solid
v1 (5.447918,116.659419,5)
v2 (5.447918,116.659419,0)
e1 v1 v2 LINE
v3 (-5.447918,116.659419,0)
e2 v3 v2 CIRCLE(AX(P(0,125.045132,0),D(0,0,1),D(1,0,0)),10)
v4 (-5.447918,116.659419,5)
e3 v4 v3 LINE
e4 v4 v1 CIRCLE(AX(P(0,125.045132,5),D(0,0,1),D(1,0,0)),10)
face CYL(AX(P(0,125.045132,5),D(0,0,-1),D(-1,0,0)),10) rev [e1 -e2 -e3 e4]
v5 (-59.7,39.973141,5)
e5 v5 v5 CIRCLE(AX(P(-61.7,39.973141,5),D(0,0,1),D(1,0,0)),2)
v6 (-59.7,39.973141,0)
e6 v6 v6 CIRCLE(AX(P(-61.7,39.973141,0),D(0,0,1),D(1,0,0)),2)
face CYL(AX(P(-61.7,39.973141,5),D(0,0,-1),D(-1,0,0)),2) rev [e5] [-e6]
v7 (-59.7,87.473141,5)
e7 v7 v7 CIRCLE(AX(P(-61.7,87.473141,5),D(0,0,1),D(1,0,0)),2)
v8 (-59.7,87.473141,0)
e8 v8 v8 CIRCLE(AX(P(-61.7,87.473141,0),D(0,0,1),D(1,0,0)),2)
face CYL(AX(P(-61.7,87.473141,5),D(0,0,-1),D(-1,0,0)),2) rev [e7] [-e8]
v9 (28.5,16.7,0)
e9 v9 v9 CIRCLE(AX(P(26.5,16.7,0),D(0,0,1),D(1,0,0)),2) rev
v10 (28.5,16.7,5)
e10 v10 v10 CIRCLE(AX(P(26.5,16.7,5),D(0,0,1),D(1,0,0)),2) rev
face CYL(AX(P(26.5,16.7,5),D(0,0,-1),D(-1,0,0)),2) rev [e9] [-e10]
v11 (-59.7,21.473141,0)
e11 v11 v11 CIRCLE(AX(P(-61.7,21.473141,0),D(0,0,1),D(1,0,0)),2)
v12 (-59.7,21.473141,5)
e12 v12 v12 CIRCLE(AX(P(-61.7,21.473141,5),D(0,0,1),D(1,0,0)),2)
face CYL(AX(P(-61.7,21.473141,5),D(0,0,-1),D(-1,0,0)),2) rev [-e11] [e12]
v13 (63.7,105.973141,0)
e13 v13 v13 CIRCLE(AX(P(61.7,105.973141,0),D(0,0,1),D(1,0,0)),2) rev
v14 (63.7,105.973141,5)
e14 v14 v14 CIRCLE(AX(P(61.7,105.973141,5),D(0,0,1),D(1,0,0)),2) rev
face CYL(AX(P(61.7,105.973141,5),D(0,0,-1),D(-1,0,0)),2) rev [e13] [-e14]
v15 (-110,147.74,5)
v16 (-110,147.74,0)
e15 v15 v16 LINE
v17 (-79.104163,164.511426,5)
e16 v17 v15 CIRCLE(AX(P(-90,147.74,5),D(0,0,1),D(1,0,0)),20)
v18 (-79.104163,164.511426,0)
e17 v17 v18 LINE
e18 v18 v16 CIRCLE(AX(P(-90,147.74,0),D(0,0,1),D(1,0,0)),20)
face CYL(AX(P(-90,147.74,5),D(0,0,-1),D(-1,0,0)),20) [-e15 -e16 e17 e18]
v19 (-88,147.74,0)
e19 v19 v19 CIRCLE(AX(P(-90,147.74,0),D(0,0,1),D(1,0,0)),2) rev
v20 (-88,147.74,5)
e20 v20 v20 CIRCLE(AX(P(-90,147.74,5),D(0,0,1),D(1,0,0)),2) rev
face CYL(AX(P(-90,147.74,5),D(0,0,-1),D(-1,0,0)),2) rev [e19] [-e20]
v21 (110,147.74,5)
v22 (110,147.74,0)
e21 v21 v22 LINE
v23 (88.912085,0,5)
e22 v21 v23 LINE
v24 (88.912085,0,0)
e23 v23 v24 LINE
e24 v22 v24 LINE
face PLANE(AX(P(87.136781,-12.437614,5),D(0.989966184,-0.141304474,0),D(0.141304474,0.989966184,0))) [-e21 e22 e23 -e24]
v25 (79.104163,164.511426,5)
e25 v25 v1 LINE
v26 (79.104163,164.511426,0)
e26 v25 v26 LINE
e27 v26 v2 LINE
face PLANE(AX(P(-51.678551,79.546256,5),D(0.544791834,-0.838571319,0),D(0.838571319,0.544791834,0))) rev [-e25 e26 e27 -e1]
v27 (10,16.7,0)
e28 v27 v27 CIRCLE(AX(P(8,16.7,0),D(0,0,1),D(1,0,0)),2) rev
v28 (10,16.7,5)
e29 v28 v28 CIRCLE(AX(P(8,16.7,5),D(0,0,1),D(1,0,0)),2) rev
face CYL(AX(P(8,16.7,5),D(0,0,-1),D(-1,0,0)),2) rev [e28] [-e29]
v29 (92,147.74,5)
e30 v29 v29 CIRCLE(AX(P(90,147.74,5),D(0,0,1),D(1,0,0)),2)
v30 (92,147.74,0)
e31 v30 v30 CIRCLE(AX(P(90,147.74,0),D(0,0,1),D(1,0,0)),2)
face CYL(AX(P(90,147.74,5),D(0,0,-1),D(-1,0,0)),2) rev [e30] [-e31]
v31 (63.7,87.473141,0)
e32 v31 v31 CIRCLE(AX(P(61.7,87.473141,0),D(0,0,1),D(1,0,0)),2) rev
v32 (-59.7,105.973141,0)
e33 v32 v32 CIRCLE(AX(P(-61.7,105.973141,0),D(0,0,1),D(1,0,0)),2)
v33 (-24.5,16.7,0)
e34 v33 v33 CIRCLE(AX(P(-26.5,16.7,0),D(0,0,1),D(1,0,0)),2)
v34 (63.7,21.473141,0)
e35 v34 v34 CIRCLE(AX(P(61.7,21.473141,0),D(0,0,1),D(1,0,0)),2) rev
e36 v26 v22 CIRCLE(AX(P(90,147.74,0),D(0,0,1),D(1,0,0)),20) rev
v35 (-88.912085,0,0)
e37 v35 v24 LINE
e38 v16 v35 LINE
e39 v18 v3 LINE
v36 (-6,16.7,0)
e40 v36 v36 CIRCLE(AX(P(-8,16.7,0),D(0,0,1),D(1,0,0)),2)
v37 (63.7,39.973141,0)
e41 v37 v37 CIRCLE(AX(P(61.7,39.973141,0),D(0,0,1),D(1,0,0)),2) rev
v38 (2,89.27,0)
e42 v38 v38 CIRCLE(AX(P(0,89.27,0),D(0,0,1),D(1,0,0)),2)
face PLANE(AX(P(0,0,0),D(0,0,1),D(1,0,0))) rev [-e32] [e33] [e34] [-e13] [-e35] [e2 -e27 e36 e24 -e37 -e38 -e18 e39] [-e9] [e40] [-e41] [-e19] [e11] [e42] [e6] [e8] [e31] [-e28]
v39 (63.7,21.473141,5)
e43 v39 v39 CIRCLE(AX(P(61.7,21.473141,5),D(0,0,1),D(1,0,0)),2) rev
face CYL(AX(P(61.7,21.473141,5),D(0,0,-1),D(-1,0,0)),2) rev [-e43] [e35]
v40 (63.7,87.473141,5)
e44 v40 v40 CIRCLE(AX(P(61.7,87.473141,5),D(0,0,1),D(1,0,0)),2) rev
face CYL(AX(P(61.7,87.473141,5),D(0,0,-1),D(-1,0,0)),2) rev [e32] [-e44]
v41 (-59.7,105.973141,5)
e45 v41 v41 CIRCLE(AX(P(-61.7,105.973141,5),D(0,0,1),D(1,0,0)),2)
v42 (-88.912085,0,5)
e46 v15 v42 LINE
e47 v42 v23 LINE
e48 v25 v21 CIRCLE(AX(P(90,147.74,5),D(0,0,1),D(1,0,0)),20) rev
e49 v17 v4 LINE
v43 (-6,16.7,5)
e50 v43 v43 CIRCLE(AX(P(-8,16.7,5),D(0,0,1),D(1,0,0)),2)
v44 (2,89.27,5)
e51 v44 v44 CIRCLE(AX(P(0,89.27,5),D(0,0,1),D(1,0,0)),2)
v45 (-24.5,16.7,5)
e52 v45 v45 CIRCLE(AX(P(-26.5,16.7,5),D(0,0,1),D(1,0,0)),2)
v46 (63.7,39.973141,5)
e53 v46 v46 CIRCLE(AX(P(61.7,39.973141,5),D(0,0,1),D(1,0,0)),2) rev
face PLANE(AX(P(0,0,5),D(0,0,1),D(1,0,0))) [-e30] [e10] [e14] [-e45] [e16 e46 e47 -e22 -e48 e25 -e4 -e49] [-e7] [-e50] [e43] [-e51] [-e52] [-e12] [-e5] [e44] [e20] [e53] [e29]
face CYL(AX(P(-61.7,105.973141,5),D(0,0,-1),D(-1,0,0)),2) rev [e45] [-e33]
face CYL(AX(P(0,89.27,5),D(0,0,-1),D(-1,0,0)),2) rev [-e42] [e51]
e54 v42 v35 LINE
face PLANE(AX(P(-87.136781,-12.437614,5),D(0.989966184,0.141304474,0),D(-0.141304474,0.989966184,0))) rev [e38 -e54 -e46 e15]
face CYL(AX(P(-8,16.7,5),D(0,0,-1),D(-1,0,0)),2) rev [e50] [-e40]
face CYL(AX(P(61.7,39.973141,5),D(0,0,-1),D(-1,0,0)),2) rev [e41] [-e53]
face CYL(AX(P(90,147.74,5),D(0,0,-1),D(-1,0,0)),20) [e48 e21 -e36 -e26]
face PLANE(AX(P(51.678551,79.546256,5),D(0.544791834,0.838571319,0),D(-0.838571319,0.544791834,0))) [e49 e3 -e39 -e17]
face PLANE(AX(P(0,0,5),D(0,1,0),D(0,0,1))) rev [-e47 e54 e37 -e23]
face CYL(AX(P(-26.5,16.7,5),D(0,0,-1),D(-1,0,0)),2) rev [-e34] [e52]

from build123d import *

# Parameters (mm, degrees)
SKETCH_1_R      = 2
EXTRUDE_1_DEPTH = 5


with BuildPart() as part:
    # 草图1 → 凸台-拉伸1 (new body)
    with BuildSketch(Plane.XY):
        with BuildLine():
            Line((-110, 147.74), (-88.912084744, 0))
            Line((-88.912084744, 0), (88.912084744, 0))
            Line((88.912084744, 0), (110, 147.74))
            ThreePointArc((110, 147.74), (99.541573939, 165.317211576), (79.104163323, 164.511426389))
            Line((79.104163323, 164.511426389), (5.447918339, 116.65941923))
            ThreePointArc((5.447918339, 116.65941923), (0, 115.045132425), (-5.447918339, 116.65941923))
            Line((-5.447918339, 116.65941923), (-79.104163323, 164.511426389))
            ThreePointArc((-79.104163323, 164.511426389), (-99.541573939, 165.317211576), (-110, 147.74))
        make_face()
        with Locations((61.7, 105.973140904)):
            Circle(SKETCH_1_R, mode=Mode.SUBTRACT)
        with Locations((-61.7, 21.473140904)):
            Circle(SKETCH_1_R, mode=Mode.SUBTRACT)
        with Locations((-61.7, 39.973140904)):
            Circle(SKETCH_1_R, mode=Mode.SUBTRACT)
        with Locations((-26.5, 16.7)):
            Circle(SKETCH_1_R, mode=Mode.SUBTRACT)
        with Locations((-8, 16.7)):
            Circle(SKETCH_1_R, mode=Mode.SUBTRACT)
        with Locations((8, 16.7)):
            Circle(SKETCH_1_R, mode=Mode.SUBTRACT)
        with Locations((26.5, 16.7)):
            Circle(SKETCH_1_R, mode=Mode.SUBTRACT)
        with Locations((-61.7, 87.473140904)):
            Circle(SKETCH_1_R, mode=Mode.SUBTRACT)
        with Locations((-61.7, 105.973140904)):
            Circle(SKETCH_1_R, mode=Mode.SUBTRACT)
        with Locations((-90, 147.74)):
            Circle(SKETCH_1_R, mode=Mode.SUBTRACT)
        with Locations((0, 89.27)):
            Circle(SKETCH_1_R, mode=Mode.SUBTRACT)
        with Locations((90, 147.74)):
            Circle(SKETCH_1_R, mode=Mode.SUBTRACT)
        with Locations((61.7, 87.473140904)):
            Circle(SKETCH_1_R, mode=Mode.SUBTRACT)
        with Locations((61.7, 39.973140904)):
            Circle(SKETCH_1_R, mode=Mode.SUBTRACT)
        with Locations((61.7, 21.473140904)):
            Circle(SKETCH_1_R, mode=Mode.SUBTRACT)
    extrude(amount=EXTRUDE_1_DEPTH)


solid = part.part
